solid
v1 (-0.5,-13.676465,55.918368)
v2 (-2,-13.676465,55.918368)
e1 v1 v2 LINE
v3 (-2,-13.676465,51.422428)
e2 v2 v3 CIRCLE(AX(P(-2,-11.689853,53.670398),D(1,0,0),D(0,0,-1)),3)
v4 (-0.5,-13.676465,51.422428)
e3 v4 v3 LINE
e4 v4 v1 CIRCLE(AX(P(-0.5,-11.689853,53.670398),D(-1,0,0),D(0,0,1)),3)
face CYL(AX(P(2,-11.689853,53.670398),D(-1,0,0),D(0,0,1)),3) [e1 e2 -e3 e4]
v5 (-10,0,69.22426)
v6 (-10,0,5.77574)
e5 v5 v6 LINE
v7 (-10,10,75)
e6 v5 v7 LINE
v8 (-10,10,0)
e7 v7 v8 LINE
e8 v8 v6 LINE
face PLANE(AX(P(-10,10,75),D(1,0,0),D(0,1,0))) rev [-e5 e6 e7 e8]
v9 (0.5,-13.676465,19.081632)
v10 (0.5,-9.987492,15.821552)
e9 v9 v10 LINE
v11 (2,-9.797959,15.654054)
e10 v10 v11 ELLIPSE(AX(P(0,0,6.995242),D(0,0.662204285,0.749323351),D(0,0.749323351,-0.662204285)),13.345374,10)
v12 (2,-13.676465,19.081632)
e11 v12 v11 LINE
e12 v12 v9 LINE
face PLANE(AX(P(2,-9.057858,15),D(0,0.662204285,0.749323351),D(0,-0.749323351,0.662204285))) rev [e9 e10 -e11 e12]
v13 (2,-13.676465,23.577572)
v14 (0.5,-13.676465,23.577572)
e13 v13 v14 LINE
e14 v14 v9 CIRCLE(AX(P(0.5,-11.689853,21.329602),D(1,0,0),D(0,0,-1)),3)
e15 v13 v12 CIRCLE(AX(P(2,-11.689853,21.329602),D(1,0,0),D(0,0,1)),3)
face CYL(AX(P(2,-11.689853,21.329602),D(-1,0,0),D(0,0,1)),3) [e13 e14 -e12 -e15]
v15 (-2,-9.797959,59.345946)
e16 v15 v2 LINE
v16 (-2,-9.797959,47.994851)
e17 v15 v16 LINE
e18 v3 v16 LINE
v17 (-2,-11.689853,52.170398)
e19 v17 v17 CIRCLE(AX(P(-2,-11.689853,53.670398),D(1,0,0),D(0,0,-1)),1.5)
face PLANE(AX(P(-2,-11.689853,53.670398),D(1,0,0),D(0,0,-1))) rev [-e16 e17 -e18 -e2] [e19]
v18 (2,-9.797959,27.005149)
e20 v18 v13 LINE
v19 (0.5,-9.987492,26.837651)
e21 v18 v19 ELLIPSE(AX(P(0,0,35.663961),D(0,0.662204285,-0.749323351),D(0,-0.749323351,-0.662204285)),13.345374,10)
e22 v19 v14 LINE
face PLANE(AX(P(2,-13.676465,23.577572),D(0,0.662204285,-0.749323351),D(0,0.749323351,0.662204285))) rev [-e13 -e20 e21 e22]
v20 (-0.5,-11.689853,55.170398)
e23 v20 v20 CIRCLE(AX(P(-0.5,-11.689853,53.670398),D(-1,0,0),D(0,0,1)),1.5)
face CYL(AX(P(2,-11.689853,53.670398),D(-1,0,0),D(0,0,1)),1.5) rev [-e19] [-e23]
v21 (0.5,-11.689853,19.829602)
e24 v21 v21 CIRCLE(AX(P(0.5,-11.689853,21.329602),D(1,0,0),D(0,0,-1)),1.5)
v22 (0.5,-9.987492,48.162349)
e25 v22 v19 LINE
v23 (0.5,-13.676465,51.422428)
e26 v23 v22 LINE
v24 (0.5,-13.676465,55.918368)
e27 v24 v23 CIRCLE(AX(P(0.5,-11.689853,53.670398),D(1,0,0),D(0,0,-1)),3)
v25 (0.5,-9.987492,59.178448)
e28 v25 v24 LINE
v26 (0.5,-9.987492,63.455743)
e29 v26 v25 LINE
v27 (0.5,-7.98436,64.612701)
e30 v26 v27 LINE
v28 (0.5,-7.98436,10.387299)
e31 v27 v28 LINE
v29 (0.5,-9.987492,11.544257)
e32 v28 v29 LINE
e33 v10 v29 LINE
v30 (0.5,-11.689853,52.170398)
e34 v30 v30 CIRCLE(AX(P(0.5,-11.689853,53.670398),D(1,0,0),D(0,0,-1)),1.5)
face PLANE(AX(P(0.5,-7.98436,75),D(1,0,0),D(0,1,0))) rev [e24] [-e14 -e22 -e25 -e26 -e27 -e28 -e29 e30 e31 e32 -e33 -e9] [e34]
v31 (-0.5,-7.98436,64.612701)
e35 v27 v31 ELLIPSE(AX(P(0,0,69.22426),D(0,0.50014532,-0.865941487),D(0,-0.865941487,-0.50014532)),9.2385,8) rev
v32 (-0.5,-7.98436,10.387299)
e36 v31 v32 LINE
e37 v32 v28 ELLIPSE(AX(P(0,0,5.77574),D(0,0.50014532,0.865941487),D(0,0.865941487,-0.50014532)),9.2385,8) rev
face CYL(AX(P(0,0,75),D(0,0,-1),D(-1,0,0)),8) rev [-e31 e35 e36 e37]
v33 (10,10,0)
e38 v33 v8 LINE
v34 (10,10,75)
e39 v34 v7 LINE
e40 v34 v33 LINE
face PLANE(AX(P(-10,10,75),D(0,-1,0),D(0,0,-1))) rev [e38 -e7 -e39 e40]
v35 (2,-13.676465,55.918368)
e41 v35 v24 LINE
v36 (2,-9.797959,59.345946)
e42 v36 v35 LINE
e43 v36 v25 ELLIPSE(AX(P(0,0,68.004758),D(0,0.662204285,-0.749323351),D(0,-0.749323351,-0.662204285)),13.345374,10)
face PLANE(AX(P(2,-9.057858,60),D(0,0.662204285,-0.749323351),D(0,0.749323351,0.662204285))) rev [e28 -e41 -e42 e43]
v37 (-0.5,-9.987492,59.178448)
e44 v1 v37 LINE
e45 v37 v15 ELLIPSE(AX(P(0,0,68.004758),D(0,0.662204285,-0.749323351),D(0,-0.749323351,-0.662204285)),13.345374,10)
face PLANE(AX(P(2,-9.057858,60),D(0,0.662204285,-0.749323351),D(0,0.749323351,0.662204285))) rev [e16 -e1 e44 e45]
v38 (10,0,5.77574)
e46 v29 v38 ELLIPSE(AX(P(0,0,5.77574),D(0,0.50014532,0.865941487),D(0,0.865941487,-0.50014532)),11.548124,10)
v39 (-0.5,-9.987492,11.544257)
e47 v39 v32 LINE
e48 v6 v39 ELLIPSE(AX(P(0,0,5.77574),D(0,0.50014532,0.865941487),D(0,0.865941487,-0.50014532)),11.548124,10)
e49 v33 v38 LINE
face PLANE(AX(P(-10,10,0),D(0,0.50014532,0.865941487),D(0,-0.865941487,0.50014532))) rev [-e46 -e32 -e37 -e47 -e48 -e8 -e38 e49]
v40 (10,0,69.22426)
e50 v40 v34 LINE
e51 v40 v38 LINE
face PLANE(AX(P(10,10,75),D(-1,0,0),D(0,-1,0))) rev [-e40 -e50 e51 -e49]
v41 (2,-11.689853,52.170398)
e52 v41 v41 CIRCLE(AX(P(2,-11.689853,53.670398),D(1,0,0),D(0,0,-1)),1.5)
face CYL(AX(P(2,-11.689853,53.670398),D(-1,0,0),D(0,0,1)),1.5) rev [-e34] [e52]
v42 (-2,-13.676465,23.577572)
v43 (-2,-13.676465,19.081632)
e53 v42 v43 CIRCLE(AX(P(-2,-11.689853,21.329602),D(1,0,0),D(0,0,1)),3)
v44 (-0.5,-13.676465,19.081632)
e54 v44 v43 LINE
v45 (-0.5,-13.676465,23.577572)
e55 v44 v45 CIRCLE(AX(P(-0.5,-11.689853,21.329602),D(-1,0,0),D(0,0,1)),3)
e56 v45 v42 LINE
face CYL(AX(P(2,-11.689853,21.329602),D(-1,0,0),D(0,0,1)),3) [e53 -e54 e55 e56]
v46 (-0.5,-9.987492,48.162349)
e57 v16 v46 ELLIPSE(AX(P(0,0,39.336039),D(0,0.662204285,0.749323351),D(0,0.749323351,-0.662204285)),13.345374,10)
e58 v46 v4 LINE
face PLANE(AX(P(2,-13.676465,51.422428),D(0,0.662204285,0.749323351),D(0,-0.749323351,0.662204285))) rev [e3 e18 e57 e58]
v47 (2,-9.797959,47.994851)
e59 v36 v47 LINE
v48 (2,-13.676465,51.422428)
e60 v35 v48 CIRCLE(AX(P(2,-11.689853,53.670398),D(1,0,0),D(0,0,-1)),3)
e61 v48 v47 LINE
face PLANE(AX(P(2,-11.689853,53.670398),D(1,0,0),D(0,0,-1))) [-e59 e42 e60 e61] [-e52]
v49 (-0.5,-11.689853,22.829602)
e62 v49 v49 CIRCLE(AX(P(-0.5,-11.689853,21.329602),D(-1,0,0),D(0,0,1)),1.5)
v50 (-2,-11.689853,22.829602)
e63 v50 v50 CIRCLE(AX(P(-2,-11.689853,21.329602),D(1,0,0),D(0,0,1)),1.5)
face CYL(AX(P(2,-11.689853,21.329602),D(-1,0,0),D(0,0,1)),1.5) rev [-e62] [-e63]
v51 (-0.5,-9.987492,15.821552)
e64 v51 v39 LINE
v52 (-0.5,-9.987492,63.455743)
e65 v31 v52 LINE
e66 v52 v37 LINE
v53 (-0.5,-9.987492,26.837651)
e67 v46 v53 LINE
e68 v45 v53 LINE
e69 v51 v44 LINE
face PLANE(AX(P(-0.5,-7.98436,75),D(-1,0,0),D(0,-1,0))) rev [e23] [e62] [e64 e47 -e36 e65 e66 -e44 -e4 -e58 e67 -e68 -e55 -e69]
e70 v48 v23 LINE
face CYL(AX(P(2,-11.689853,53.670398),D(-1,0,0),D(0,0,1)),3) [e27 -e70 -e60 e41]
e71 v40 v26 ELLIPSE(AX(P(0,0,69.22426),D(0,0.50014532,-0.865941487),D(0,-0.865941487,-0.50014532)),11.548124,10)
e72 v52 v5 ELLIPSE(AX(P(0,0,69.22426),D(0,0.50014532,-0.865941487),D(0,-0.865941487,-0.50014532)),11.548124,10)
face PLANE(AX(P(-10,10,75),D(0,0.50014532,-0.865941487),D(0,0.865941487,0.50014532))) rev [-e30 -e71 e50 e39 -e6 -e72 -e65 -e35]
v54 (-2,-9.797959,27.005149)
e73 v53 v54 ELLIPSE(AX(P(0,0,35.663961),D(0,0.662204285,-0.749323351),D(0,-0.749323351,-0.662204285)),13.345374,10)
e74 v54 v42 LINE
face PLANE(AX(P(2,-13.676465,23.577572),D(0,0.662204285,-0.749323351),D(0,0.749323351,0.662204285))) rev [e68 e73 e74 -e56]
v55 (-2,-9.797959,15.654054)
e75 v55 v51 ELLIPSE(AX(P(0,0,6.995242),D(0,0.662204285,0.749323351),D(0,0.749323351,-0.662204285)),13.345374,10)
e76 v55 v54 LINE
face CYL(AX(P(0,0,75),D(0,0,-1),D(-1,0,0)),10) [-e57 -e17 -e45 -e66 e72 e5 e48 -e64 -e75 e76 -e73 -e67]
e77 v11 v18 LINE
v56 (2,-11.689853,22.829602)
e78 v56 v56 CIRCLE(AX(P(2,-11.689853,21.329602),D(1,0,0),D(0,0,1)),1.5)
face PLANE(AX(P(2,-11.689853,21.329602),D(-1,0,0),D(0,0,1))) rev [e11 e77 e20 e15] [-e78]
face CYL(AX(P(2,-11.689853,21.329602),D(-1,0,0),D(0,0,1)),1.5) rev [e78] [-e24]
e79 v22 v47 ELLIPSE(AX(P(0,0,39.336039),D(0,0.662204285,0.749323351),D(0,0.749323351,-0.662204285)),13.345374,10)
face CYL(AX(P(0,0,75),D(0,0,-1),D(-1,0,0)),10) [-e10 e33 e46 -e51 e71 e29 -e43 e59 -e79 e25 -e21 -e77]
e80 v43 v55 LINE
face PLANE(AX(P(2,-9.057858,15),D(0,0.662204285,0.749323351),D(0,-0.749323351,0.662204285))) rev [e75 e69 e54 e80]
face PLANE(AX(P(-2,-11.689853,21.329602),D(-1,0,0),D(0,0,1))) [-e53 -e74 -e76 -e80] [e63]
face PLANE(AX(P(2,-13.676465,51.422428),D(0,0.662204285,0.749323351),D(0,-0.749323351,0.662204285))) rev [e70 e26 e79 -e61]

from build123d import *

# Parameters (mm, degrees)
SALIENTE_EXTRUIR1_DEPTH    = 75
CROQUIS2_R                 = 1.5
SALIENTE_EXTRUIR2_DEPTH    = 2
CORTAR_EXTRUIR1_DEPTH      = 78.076531881
CORTAR_EXTRUIR1_DEPTH_BACK = 78.076531881
CROQUIS5_W                 = 1
CROQUIS5_H                 = 6.705492802
CORTAR_EXTRUIR2_DEPTH      = 78.076531881
CORTAR_EXTRUIR2_DEPTH_BACK = 78.076531881


with BuildPart() as part:
    # Croquis1 → Saliente-Extruir1 (new body)
    with BuildSketch(Plane.XY):
        with BuildLine():
            Line((-10, 10), (10, 10))
            Line((10, 10), (10, 0))
            ThreePointArc((10, 0), (7.245688373, -6.892024376), (0.5, -9.987492178))
            Line((0.5, -9.987492178), (0.5, -7.984359711))
            ThreePointArc((0.5, -7.984359711), (0, 8), (-0.5, -7.984359711))
            Line((-0.5, -7.984359711), (-0.5, -9.987492178))
            ThreePointArc((-0.5, -9.987492178), (-7.245688373, -6.892024376), (-10, 0))
            Line((-10, 0), (-10, 10))
        make_face()
    extrude(amount=SALIENTE_EXTRUIR1_DEPTH)

    # Croquis2 → Saliente-Extruir2 (add, symmetric)
    # profile 1 of 2: a face of its own
    with BuildSketch(Plane(origin=(0, 0, 0), x_dir=(0, 0, -1), z_dir=(1, 0, 0))):
        with BuildLine():
            Line((-60, -9.057857597), (-55.918368417, -13.676465368))
            ThreePointArc((-55.918368417, -13.676465368), (-53.670398363, -14.689852513), (-51.422428309, -13.676465368))
            Line((-51.422428309, -13.676465368), (-47.340796726, -9.057857597))
            Line((-47.340796726, -9.057857597), (-60, -9.057857597))
        make_face()
        with Locations((-53.670398363, -11.689852513)):
            Circle(CROQUIS2_R, mode=Mode.SUBTRACT)
    # profile 2 of 2: a face of its own
    with BuildSketch(Plane(origin=(0, 0, 0), x_dir=(0, 0, -1), z_dir=(1, 0, 0))):
        with BuildLine():
            Line((-15, -9.057857597), (-19.081631583, -13.676465368))
            ThreePointArc((-19.081631583, -13.676465368), (-21.329601637, -14.689852513), (-23.577571691, -13.676465368))
            Line((-23.577571691, -13.676465368), (-27.659203274, -9.057857597))
            Line((-27.659203274, -9.057857597), (-15, -9.057857597))
        make_face()
        with Locations(Location((-21.329601637, -11.689852513, 0), (0, 0, 180))):
            Circle(CROQUIS2_R, mode=Mode.SUBTRACT)
    extrude(amount=SALIENTE_EXTRUIR2_DEPTH, both=True)

    # Croquis5 → Cortar-Extruir1 (cut, two sides: drawn at the far end of the back side and taken through both)
    with BuildSketch(Plane.XY.offset(-CORTAR_EXTRUIR1_DEPTH_BACK)):
        with Locations((0, -11.337106112)):
            Rectangle(CROQUIS5_W, CROQUIS5_H)
    extrude(amount=CORTAR_EXTRUIR1_DEPTH + CORTAR_EXTRUIR1_DEPTH_BACK, mode=Mode.SUBTRACT)

    # Croquis6 → Cortar-Extruir2 (cut, two sides: drawn at the far end of the back side and taken through both)
    with BuildSketch(Plane(origin=(0, 0, 0), x_dir=(0, 0, -1), z_dir=(1, 0, 0)).offset(-CORTAR_EXTRUIR2_DEPTH_BACK)):
        Polygon((-75, 10), (-63.455743468, -9.987492178), (-75, -9.987492178), align=None)
        Polygon((-11.544256532, -9.987492178), (0, -9.987492178), (0, 10), align=None)
    extrude(amount=CORTAR_EXTRUIR2_DEPTH + CORTAR_EXTRUIR2_DEPTH_BACK, mode=Mode.SUBTRACT)


solid = part.part
